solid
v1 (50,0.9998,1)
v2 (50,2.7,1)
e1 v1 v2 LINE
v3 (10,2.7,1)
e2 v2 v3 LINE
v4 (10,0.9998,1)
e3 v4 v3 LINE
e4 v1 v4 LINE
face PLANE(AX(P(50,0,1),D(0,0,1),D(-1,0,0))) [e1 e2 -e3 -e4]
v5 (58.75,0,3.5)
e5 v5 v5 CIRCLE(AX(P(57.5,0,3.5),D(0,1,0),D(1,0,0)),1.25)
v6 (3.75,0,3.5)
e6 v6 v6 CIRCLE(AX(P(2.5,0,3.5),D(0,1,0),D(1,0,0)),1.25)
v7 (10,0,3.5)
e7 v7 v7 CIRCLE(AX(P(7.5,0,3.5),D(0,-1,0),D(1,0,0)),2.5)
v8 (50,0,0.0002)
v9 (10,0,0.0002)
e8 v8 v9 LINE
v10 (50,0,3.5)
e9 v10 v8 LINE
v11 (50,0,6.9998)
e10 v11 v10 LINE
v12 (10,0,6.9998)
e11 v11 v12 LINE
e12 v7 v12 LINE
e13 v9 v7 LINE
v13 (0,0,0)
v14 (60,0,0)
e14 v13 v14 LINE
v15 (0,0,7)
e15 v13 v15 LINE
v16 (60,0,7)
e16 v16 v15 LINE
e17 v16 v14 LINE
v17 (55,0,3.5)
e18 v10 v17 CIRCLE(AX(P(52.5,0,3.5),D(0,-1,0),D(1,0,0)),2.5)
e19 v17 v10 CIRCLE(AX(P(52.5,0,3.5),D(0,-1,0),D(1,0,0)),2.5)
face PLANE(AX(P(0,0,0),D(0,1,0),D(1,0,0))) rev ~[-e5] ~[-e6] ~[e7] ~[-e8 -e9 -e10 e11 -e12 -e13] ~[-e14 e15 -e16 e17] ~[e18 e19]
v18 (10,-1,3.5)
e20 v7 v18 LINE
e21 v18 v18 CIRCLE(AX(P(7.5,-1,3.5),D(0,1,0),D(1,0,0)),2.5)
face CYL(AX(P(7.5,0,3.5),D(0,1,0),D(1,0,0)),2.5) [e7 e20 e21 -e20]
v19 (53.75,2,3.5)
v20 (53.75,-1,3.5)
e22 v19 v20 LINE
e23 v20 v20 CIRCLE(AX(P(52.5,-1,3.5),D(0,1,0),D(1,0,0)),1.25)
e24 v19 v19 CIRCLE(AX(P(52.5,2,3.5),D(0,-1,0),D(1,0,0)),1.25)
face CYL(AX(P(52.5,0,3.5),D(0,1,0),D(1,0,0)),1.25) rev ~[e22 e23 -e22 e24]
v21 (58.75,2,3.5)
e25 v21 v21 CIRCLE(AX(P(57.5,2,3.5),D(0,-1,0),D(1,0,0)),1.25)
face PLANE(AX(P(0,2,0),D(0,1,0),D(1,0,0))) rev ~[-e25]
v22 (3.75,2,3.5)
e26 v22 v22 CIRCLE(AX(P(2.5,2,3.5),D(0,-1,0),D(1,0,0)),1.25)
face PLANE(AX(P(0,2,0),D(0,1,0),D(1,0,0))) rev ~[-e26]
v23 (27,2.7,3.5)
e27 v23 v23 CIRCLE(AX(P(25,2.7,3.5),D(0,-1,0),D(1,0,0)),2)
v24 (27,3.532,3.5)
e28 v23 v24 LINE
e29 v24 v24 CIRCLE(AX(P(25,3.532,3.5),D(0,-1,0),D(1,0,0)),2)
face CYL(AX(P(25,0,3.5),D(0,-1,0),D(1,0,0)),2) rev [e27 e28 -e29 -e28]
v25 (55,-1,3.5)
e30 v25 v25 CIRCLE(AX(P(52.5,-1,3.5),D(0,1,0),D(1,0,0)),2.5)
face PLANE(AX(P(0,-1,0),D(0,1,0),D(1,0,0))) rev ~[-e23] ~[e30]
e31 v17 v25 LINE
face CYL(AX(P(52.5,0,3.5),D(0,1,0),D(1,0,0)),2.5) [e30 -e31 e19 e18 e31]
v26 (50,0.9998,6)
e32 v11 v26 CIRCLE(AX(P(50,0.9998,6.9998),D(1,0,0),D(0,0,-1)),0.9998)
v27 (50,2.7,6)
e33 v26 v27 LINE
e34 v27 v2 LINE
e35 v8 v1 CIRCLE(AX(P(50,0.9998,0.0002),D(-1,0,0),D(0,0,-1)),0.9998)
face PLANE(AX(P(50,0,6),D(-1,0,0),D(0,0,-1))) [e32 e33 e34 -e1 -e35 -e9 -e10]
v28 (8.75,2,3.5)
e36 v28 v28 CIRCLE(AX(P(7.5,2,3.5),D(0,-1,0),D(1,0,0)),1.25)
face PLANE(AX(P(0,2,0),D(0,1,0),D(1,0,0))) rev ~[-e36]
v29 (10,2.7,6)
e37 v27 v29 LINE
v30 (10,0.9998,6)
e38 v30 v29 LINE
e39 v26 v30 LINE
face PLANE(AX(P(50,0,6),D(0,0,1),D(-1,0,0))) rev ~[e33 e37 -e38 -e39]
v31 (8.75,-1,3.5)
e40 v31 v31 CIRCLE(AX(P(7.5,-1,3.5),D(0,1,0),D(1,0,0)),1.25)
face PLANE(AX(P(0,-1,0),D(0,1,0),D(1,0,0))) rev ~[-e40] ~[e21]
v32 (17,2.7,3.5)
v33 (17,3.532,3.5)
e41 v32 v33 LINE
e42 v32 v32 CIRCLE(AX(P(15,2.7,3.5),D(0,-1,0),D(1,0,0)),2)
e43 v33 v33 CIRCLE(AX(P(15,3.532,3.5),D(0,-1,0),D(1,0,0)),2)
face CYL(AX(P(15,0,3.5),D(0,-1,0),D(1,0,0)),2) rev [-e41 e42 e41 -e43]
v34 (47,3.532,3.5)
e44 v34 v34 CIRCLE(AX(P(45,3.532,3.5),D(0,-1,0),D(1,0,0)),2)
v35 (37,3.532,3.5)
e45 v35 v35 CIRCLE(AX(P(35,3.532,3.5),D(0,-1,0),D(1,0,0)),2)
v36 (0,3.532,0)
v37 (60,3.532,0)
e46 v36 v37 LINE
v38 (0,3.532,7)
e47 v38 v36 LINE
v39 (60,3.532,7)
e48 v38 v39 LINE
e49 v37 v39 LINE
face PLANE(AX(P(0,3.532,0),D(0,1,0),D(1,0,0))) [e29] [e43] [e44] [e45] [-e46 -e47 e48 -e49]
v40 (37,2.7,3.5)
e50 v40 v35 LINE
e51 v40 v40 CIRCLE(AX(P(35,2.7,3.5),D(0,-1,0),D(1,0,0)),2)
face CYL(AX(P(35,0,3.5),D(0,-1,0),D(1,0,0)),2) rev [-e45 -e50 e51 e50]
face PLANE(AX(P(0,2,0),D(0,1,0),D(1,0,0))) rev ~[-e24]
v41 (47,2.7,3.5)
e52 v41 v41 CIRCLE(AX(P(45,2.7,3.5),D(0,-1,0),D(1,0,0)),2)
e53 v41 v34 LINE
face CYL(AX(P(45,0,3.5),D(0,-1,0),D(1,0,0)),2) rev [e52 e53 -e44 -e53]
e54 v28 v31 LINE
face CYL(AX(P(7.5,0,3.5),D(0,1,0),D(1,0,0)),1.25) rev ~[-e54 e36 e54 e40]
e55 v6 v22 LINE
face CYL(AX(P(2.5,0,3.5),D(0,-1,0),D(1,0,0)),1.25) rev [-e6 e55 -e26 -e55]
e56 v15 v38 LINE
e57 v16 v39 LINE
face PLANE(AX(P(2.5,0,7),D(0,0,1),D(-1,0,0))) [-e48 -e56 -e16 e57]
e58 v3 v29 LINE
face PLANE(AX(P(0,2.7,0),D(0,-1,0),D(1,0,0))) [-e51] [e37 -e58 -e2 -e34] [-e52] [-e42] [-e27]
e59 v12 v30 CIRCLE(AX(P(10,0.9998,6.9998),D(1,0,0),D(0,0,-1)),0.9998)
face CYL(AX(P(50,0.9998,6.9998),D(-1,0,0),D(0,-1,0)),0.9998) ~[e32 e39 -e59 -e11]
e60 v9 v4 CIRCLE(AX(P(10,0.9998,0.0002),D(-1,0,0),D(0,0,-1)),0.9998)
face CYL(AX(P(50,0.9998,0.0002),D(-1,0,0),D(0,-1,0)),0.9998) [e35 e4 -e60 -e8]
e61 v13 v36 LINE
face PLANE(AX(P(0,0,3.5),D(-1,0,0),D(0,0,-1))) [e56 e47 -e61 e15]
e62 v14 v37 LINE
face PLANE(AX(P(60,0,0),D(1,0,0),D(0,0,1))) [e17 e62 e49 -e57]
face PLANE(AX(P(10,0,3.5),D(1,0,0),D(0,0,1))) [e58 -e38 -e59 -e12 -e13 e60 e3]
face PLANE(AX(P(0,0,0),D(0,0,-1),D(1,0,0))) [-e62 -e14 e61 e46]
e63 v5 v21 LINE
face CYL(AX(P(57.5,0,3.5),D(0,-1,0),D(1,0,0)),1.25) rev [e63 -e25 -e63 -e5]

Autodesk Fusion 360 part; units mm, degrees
sketch "Sketch1" plane through (0, 0, 0) normal (0, 1, 0) x (1, 0, 0)
  line L0 (0, 0) -> (60, 0)
  line L1 (60, 0) -> (60, -7)
  line L2 (60, -7) -> (0, -7)
  line L3 (0, -7) -> (0, 0)
  line L4 (0, -7) -> (2.5, -7)
  line L5 (2.5, -7) -> (2.5, -3.5)
  line L6 (2.5, -3.5) -> (0, -3.5)
  line L7 (0, -3.5) -> (0, -7)
  line L8 (60, -7) -> (57.5, -7)
  line L9 (57.5, -7) -> (57.5, -3.5)
  line L10 (57.5, -3.5) -> (60, -3.5)
  line L11 (60, -3.5) -> (60, -7)
  circle A0 centre (2.5, -3.5) radius 1.25
  circle A1 centre (57.5, -3.5) radius 1.25
  line L12 (0, -7) -> (30, -7)
  line L13 (0, -7) -> (18, -7)
  line L14 (60, -7) -> (42, -7)
  line L15 (2.5, -3.5) -> (7.5, -3.5)
  line L16 (57.5, -3.5) -> (52.5, -3.5)
  circle A2 centre (7.5, -3.5) radius 1.25
  circle A3 centre (52.5, -3.5) radius 1.25
  circle A4 centre (52.5, -3.5) radius 2.5
  circle A5 centre (7.5, -3.5) radius 2.5
  line L17 (7.5, -3.5) -> (15, -3.5)
  line L18 (52.5, -3.5) -> (45, -3.5)
  line L19 (15, -3.5) -> (25, -3.5)
  line L20 (25, -3.5) -> (35, -3.5)
  line L21 (35, -3.5) -> (45, -3.5)
  circle A6 centre (15, -3.5) radius 2
  circle A7 centre (25, -3.5) radius 2
  circle A8 centre (35, -3.5) radius 2
  circle A9 centre (45, -3.5) radius 2
  dimension "d1" = 60
  dimension "d2" = 7
  dimension "d3" = 2.5
  dimension "d4" = 3.5
  dimension "d5" = 2.5
  dimension "d6" = 3.5
  dimension "d7" = 2.5
  dimension "d8" = 2.5
  dimension "d79" = 5
  dimension "d80" = 5
  dimension "d81" = 2.5
  dimension "d82" = 2.5
  dimension "d83" = 5
  dimension "d84" = 5
  dimension "d85" = 7.5
  dimension "d86" = 7.5
  dimension "d87" = 10
  dimension "d88" = 10
  dimension "d89" = 10
  dimension "d90" = 4
  dimension "d91" = 4
  dimension "d92" = 4
  dimension "d93" = 4
extrude "Extrude1" add sketch "Sketch1" along normal blind 3.532 contours L0 L1 L3 L6 L10 A0 A1 L15 L16 A4 A5 L17 L18 L19 L20 L21 A6 A7 A8 A9 | L2 L3 L4 L5 L6 L7 A0 L12 L13 | L1 L2 L8 L9 L10 L11 A1 L14 | L6 A0 L15 | L5 L6 A0 | L9 L10 A1 | L10 A1 L16 | L2 L5 L9 A0 A1 L12 L13 L14 L15 L16 A4 A5 L17 L18 L19 L20 L21 A6 A7 A8 A9 | L5 A0 L15 | L9 A1 L16 | L15 A2 A5 L17 | L15 A2 A5 L17 | L16 A3 A4 L18 | L16 A3 A4 L18 | L15 A2 L17 | L15 A2 L17 | L16 A3 L18 | L16 A3 L18
extrude "Extrude3" cut sketch "Sketch1" along normal blind 2 contours L6 A0 L15 | L5 L6 A0 | L9 L10 A1 | L10 A1 L16 | L5 A0 L15 | L9 A1 L16
extrude "Extrude4" add sketch "Sketch1" against normal blind 1 contours L15 A2 A5 L17 | L15 A2 A5 L17 | L16 A3 A4 L18 | L16 A3 A4 L18
extrude "Extrude12" cut 2 faces at (52.6522, 0, 3.8879) (7.2402, 0, 3.8258) along direction (0, 1, 0) blind 2
sketch "Sketch5" plane through (0, 0, 0) normal (0, -1, 0) x (1, 0, 0)
  circle A0 centre (7.5, 3.5) radius 2.5
  circle A1 centre (2.5, 3.5) radius 1.25
  circle A2 centre (57.5, 3.5) radius 1.25
  circle A3 centre (15, 3.5) radius 2
  circle A4 centre (45, 3.5) radius 2
  circle A5 centre (25, 3.5) radius 2
  circle A6 centre (35, 3.5) radius 2
  line L0 (0, 7) -> (0, 0)
  line L1 (0, 0) -> (60, 0)
  line L2 (60, 0) -> (60, 7)
  line L3 (60, 7) -> (0, 7)
  circle A7 centre (52.5, 3.5) radius 2.5
  line L4 (10, 3.5) -> (10, 7)
  line L5 (10, 7) -> (50, 7)
  line L6 (50, 7) -> (50, 0)
  line L7 (50, 0) -> (10, 0)
  line L8 (10, 0) -> (10, 7)
  line L9 (10, 7) -> (50, 7)
  line L10 (50, 7) -> (50, 6)
  line L11 (50, 6) -> (10, 6)
  line L12 (10, 6) -> (10, 7)
  line L13 (10, 0) -> (50, 0)
  line L14 (50, 0) -> (50, 1)
  line L15 (50, 1) -> (10, 1)
  line L16 (10, 1) -> (10, 0)
  dimension "d94" = 1
extrude "Extrude11" cut sketch "Sketch5" against normal blind 2.7 contours L4 L6 L8 L11 L15
fillet "Fillet4" radius 1 2 edges at (30, 0, 6) (30, 0, 1)
